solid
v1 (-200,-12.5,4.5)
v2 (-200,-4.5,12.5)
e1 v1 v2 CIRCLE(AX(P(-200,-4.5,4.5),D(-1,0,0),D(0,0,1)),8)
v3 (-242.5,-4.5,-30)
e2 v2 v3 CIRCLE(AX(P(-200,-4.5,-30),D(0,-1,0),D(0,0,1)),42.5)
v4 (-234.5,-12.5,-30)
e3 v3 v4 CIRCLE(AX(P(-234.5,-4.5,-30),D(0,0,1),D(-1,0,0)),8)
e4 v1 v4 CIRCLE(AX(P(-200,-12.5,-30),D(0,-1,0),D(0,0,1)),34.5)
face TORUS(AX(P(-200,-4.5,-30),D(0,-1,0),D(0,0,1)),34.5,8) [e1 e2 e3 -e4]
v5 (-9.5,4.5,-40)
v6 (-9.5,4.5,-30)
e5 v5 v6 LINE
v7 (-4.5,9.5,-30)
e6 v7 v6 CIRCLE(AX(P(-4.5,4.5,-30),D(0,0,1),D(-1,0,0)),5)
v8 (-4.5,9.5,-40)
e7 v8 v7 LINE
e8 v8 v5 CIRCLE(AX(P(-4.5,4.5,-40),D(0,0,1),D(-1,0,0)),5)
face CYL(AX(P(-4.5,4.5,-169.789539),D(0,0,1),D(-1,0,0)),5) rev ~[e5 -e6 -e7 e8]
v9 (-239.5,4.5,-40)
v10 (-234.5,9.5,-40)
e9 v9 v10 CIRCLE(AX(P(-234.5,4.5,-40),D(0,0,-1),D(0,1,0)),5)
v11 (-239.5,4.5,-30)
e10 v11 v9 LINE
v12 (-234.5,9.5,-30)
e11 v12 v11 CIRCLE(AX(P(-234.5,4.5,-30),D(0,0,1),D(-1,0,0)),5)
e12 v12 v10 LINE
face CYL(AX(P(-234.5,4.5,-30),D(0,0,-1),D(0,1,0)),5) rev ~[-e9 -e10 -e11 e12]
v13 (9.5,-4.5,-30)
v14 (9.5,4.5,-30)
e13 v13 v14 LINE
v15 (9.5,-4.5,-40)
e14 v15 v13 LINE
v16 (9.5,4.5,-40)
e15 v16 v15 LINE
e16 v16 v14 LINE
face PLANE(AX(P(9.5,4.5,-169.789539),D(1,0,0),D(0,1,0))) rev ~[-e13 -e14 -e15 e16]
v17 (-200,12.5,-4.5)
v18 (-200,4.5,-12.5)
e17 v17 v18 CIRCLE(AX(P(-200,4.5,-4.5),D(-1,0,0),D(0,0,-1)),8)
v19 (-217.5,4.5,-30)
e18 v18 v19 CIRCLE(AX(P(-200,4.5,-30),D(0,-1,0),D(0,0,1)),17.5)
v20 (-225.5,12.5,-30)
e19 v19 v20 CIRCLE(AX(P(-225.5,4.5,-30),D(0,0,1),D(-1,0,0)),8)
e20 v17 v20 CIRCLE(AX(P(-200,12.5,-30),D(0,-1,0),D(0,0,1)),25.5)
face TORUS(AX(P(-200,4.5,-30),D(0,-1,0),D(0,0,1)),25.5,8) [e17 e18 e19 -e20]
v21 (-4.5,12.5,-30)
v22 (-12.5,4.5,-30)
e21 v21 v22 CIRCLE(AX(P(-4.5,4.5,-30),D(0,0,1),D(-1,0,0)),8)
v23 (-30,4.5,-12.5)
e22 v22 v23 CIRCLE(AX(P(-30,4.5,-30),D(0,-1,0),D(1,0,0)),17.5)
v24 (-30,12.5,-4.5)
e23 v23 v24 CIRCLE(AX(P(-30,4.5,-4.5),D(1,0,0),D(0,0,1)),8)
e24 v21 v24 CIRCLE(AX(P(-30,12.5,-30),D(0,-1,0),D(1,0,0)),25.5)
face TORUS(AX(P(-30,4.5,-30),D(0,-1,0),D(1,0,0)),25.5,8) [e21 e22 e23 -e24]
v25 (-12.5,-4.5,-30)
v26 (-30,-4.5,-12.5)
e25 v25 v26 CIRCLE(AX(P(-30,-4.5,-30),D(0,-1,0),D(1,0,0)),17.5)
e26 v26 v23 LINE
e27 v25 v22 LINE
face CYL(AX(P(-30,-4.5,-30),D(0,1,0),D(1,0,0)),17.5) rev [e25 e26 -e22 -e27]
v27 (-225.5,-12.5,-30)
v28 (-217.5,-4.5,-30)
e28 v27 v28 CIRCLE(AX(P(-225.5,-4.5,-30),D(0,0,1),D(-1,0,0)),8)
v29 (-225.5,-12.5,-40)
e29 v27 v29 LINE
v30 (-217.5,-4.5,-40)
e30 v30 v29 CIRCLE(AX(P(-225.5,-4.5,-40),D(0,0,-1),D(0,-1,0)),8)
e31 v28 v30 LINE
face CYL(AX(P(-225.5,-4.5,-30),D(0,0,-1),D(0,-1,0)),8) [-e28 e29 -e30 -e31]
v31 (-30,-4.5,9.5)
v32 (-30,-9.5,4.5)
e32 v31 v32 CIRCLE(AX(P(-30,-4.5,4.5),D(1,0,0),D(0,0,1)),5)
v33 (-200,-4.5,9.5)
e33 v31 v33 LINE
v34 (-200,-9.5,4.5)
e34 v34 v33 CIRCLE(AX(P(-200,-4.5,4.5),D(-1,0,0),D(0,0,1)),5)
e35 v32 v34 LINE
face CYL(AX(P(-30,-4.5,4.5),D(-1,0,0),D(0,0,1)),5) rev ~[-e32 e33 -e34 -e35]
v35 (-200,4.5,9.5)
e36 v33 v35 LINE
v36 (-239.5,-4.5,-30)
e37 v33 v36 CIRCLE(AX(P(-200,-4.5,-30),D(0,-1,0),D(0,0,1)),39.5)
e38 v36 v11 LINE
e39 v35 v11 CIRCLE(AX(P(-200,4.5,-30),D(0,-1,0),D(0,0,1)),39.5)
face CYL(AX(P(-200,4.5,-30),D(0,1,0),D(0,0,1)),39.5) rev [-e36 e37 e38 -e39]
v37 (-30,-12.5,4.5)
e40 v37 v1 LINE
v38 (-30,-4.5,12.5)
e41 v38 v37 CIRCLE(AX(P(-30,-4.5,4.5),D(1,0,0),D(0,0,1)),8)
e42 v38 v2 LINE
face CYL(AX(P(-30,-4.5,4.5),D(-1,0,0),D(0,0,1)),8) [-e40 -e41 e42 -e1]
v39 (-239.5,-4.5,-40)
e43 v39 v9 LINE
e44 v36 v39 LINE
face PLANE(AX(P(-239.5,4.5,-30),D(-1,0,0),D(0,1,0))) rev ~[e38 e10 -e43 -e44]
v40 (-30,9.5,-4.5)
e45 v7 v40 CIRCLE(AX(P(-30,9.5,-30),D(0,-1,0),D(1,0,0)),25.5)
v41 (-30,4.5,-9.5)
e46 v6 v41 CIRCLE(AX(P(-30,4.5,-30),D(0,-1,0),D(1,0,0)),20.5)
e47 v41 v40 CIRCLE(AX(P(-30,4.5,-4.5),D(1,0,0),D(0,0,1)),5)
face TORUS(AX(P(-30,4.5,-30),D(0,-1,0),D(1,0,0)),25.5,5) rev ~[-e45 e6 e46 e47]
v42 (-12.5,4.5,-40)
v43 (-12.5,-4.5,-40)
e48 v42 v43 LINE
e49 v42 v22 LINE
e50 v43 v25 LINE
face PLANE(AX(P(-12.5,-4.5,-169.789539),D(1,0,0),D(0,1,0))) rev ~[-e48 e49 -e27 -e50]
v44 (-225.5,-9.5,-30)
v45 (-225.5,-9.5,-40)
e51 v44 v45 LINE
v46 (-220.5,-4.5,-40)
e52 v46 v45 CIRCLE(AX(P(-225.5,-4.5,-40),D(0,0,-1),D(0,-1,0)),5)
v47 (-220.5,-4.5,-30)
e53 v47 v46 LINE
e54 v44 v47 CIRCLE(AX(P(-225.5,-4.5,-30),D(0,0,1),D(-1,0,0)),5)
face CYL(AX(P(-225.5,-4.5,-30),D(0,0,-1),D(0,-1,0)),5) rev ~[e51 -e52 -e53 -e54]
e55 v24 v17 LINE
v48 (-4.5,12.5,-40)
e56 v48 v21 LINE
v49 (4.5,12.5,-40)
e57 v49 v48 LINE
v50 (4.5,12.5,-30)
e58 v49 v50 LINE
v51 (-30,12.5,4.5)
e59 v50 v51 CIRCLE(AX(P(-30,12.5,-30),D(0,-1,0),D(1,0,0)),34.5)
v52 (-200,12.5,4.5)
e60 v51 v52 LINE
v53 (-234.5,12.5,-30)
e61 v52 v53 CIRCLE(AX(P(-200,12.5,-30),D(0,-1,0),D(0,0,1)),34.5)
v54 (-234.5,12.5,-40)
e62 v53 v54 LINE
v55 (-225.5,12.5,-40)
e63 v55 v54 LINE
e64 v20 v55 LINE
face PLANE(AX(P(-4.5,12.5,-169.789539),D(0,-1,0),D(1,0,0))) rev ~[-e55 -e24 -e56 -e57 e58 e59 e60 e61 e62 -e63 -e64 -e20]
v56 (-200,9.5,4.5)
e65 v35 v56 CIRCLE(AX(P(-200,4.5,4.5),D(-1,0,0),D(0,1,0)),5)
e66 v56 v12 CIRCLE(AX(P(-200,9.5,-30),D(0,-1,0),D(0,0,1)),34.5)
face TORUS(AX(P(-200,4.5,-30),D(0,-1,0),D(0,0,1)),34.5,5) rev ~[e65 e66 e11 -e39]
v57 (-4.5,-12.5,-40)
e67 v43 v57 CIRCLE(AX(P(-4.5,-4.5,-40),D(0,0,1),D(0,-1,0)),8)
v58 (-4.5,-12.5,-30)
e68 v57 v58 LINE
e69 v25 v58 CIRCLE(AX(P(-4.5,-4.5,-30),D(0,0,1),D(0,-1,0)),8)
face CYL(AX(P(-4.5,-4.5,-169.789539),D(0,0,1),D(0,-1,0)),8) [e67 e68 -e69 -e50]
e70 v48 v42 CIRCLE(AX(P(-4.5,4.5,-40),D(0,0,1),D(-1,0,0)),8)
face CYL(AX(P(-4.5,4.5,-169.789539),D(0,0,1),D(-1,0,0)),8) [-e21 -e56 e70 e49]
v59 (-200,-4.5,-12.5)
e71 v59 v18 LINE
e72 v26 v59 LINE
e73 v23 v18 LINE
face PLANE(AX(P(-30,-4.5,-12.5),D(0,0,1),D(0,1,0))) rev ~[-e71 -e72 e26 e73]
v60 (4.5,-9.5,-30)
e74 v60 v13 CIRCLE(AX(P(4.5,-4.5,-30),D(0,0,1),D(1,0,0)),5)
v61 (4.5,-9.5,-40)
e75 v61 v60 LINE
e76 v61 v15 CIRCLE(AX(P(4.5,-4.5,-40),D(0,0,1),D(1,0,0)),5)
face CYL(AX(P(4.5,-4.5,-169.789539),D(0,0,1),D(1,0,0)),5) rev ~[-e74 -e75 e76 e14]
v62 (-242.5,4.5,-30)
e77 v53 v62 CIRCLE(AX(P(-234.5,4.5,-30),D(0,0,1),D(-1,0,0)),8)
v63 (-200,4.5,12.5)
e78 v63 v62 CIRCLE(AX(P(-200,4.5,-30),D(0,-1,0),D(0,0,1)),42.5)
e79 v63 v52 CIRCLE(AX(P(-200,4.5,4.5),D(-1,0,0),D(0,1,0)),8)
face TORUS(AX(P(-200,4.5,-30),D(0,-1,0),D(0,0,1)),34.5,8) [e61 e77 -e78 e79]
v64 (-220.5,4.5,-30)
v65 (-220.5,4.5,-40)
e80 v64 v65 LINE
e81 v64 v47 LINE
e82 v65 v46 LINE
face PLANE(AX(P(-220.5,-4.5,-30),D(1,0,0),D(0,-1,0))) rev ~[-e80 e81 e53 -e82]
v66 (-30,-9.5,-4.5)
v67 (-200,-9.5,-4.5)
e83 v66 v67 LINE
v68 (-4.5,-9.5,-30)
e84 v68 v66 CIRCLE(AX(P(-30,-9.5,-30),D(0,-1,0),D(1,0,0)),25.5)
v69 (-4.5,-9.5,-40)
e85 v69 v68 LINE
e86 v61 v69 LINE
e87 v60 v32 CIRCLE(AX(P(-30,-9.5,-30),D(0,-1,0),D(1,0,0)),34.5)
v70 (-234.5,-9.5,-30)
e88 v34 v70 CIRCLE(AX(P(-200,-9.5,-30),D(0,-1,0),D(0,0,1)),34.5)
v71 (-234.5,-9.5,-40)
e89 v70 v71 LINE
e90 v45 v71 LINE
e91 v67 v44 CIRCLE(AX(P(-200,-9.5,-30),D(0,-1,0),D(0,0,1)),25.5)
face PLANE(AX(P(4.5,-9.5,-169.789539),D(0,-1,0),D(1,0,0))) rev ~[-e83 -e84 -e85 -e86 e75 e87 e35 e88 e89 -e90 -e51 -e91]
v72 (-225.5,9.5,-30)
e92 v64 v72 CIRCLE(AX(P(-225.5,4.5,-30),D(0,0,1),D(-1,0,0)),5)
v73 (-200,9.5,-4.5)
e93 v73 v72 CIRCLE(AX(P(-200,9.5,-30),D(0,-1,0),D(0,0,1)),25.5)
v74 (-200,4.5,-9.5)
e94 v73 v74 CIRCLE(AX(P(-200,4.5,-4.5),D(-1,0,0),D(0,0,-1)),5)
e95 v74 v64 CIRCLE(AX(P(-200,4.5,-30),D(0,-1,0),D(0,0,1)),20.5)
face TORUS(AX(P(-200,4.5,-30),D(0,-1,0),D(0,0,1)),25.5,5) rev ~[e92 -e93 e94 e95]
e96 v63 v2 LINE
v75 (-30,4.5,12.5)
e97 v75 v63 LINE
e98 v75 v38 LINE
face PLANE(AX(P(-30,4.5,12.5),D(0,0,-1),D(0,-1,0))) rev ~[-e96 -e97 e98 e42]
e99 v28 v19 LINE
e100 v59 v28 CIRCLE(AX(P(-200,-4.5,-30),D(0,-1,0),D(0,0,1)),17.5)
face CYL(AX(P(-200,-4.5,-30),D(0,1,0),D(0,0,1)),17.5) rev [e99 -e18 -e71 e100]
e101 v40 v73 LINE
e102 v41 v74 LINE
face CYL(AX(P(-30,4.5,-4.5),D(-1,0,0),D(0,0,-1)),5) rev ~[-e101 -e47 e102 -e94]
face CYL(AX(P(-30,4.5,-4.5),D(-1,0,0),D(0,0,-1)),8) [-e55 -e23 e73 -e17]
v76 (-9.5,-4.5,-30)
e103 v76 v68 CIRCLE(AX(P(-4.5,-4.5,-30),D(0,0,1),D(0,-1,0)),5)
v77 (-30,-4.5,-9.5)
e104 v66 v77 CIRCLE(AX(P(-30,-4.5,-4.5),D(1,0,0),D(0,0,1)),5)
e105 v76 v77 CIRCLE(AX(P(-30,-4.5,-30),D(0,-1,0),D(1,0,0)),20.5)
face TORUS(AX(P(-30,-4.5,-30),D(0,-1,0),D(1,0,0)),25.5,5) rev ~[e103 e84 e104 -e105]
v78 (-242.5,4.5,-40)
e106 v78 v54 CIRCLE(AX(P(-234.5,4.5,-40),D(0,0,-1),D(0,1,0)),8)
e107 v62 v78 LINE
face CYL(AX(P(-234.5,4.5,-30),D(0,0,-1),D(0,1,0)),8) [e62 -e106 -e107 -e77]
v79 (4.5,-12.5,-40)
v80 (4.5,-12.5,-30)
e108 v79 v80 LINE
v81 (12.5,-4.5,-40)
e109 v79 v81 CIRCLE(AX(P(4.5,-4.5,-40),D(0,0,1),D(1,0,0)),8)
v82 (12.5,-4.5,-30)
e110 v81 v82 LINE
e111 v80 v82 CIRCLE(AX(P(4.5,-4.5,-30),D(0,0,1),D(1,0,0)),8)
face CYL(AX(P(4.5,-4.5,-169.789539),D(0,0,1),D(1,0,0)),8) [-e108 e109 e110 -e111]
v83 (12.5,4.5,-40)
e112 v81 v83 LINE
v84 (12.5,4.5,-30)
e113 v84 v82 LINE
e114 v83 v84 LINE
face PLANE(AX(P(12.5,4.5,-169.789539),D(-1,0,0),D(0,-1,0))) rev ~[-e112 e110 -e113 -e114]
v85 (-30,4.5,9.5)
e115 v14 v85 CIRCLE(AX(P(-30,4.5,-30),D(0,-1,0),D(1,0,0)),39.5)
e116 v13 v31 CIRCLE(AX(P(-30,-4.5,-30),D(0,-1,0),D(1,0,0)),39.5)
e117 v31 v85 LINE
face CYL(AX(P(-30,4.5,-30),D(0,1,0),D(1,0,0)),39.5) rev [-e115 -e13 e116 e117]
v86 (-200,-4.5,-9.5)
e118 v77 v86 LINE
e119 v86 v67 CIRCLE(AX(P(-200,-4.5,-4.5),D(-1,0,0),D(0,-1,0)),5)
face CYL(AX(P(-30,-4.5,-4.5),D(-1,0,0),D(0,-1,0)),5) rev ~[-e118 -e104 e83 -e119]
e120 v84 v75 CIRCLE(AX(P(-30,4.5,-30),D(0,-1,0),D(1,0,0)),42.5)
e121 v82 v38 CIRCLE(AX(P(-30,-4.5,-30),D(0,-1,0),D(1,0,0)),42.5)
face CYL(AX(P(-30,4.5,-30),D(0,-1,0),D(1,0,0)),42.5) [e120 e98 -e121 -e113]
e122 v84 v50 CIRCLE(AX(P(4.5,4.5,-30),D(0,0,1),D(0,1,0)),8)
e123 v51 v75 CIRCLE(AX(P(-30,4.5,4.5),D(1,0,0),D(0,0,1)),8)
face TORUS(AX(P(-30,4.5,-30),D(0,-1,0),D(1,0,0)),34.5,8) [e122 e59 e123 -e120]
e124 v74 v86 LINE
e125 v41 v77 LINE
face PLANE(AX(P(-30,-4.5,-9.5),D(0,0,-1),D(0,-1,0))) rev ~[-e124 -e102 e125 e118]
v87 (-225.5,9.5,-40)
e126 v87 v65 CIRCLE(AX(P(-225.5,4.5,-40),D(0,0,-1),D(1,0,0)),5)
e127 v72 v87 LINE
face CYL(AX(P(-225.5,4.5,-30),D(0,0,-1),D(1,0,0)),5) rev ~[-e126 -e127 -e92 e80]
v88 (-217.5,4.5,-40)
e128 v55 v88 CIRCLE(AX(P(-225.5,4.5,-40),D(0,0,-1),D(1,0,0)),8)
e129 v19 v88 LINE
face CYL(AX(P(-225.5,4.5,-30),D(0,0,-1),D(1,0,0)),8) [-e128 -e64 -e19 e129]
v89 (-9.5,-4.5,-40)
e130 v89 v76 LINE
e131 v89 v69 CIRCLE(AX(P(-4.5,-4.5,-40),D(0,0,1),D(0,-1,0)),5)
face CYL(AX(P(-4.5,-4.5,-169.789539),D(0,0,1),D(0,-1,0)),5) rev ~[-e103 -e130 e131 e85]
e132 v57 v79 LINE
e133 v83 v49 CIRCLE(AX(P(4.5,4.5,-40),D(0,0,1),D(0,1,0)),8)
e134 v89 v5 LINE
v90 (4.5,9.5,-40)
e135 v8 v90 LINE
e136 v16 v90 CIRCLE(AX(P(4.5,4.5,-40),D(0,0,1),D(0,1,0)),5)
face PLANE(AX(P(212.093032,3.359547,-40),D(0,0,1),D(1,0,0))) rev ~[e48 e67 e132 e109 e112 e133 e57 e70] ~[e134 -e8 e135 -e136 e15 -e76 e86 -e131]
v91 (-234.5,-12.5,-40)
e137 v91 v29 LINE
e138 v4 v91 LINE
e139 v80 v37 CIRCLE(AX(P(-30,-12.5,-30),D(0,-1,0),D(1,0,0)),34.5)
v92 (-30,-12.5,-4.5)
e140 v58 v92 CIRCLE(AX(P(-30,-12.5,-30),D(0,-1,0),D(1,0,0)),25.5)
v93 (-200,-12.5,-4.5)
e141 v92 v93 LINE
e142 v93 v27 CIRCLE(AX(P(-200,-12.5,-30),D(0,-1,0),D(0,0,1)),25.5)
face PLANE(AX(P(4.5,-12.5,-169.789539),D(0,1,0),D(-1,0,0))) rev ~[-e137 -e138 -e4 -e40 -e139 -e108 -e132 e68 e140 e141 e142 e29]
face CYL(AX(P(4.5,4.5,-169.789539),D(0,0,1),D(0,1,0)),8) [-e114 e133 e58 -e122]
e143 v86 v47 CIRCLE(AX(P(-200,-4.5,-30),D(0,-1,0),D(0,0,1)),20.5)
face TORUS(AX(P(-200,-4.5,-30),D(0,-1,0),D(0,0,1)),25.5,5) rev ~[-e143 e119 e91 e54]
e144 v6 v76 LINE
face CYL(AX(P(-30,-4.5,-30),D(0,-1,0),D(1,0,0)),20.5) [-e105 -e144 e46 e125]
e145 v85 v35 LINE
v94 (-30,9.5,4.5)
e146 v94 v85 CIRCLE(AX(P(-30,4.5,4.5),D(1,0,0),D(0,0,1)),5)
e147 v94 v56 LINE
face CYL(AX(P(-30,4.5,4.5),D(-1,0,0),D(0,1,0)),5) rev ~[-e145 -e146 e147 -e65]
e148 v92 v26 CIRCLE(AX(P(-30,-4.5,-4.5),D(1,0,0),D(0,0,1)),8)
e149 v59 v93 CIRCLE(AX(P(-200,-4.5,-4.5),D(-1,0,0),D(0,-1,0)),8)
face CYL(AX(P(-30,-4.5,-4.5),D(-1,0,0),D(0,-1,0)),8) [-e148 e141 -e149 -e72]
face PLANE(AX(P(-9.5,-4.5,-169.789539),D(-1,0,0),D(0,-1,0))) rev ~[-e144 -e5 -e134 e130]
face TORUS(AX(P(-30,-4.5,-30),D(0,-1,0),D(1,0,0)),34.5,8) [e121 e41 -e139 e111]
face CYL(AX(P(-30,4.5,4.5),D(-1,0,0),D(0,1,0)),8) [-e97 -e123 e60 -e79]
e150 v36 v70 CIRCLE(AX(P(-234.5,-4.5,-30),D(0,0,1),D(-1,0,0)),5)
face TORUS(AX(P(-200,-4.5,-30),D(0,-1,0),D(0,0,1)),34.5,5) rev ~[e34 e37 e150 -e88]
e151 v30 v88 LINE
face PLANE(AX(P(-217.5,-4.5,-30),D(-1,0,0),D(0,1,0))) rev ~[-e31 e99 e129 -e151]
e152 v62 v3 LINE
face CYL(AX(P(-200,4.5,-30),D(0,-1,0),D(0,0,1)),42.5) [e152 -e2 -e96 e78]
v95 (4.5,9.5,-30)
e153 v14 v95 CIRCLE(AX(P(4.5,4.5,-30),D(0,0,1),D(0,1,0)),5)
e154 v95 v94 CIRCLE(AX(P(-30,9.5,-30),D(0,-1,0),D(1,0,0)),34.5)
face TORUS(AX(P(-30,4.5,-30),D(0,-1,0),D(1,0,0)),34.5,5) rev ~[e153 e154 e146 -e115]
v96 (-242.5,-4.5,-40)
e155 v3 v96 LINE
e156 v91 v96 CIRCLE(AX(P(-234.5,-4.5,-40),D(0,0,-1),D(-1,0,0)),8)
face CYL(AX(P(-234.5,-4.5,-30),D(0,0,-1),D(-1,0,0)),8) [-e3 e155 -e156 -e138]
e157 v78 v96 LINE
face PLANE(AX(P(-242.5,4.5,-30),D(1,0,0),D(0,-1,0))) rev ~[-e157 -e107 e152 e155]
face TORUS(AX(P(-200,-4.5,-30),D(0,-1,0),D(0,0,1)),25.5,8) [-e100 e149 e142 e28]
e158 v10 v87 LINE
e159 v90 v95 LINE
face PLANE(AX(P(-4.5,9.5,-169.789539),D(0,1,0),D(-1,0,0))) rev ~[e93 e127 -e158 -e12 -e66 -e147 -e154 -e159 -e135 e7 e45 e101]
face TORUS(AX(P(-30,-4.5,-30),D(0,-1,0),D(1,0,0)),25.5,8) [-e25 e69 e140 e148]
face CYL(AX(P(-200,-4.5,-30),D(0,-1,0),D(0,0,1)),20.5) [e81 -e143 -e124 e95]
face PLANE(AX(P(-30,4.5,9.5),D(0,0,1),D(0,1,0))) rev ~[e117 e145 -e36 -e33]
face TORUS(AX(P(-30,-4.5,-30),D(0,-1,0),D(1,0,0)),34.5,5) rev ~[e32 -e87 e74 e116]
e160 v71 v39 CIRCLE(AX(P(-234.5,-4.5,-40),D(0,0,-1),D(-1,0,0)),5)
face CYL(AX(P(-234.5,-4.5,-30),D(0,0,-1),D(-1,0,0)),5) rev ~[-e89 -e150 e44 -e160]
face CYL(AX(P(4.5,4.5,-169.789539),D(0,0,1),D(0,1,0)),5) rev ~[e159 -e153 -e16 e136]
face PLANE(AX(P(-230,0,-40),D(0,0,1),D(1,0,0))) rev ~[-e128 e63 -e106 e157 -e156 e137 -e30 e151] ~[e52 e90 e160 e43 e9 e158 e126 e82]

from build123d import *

# Parameters (mm, degrees)
SKETCH11_W         = 485.793761844
SKETCH11_H         = 595.960227968
CUT_EXTRUDE1_DEPTH = 130.789538956


with BuildPart() as part:
    # Sweep-Thin1: sweep along a path in Sketch2
    with BuildLine(Plane(origin=(0, 0, 0), x_dir=(1, 0, 0), z_dir=(0, 1, 0))) as sweep_thin1_path:
        Line((0, 169.789538956), (0, 157.289538956))
        Line((0, 157.289538956), (0, 30))
        ThreePointArc((0, 30), (-8.786796564, 8.786796564), (-30, 0))
        Line((-30, 0), (-200, 0))
        ThreePointArc((-200, 0), (-221.213203436, 8.786796564), (-230, 30))
        Line((-230, 30), (-230, 40))
    # Sketch6 → Sweep-Thin1 (sweep)
    with BuildSketch(Plane.XY.offset(-40)):
        with BuildLine():
            Line((-225.5, 12.5), (-234.5, 12.5))
            ThreePointArc((-234.5, 12.5), (-240.156854249, 10.156854249), (-242.5, 4.5))
            Line((-242.5, 4.5), (-242.5, -4.5))
            ThreePointArc((-242.5, -4.5), (-240.156854249, -10.156854249), (-234.5, -12.5))
            Line((-234.5, -12.5), (-225.5, -12.5))
            ThreePointArc((-225.5, -12.5), (-219.843145751, -10.156854249), (-217.5, -4.5))
            Line((-217.5, -4.5), (-217.5, 4.5))
            ThreePointArc((-217.5, 4.5), (-219.843145751, 10.156854249), (-225.5, 12.5))
        make_face()
        with BuildLine():
            Line((-225.5, 9.5), (-234.5, 9.5))
            ThreePointArc((-234.5, 9.5), (-238.035533906, 8.035533906), (-239.5, 4.5))
            Line((-239.5, 4.5), (-239.5, -4.5))
            ThreePointArc((-239.5, -4.5), (-238.035533906, -8.035533906), (-234.5, -9.5))
            Line((-234.5, -9.5), (-225.5, -9.5))
            ThreePointArc((-225.5, -9.5), (-221.964466094, -8.035533906), (-220.5, -4.5))
            Line((-220.5, -4.5), (-220.5, 4.5))
            ThreePointArc((-220.5, 4.5), (-221.964466094, 8.035533906), (-225.5, 9.5))
        make_face(mode=Mode.SUBTRACT)
    sweep(path=sweep_thin1_path.line)

    # Sketch11 → Cut-Extrude1 (cut, through all)
    with BuildSketch(Plane.XY.offset(-40)):
        with Locations((212.093031721, 3.359547151)):
            Rectangle(SKETCH11_W, SKETCH11_H)
    extrude(amount=-CUT_EXTRUDE1_DEPTH, mode=Mode.SUBTRACT)


solid = part.part
